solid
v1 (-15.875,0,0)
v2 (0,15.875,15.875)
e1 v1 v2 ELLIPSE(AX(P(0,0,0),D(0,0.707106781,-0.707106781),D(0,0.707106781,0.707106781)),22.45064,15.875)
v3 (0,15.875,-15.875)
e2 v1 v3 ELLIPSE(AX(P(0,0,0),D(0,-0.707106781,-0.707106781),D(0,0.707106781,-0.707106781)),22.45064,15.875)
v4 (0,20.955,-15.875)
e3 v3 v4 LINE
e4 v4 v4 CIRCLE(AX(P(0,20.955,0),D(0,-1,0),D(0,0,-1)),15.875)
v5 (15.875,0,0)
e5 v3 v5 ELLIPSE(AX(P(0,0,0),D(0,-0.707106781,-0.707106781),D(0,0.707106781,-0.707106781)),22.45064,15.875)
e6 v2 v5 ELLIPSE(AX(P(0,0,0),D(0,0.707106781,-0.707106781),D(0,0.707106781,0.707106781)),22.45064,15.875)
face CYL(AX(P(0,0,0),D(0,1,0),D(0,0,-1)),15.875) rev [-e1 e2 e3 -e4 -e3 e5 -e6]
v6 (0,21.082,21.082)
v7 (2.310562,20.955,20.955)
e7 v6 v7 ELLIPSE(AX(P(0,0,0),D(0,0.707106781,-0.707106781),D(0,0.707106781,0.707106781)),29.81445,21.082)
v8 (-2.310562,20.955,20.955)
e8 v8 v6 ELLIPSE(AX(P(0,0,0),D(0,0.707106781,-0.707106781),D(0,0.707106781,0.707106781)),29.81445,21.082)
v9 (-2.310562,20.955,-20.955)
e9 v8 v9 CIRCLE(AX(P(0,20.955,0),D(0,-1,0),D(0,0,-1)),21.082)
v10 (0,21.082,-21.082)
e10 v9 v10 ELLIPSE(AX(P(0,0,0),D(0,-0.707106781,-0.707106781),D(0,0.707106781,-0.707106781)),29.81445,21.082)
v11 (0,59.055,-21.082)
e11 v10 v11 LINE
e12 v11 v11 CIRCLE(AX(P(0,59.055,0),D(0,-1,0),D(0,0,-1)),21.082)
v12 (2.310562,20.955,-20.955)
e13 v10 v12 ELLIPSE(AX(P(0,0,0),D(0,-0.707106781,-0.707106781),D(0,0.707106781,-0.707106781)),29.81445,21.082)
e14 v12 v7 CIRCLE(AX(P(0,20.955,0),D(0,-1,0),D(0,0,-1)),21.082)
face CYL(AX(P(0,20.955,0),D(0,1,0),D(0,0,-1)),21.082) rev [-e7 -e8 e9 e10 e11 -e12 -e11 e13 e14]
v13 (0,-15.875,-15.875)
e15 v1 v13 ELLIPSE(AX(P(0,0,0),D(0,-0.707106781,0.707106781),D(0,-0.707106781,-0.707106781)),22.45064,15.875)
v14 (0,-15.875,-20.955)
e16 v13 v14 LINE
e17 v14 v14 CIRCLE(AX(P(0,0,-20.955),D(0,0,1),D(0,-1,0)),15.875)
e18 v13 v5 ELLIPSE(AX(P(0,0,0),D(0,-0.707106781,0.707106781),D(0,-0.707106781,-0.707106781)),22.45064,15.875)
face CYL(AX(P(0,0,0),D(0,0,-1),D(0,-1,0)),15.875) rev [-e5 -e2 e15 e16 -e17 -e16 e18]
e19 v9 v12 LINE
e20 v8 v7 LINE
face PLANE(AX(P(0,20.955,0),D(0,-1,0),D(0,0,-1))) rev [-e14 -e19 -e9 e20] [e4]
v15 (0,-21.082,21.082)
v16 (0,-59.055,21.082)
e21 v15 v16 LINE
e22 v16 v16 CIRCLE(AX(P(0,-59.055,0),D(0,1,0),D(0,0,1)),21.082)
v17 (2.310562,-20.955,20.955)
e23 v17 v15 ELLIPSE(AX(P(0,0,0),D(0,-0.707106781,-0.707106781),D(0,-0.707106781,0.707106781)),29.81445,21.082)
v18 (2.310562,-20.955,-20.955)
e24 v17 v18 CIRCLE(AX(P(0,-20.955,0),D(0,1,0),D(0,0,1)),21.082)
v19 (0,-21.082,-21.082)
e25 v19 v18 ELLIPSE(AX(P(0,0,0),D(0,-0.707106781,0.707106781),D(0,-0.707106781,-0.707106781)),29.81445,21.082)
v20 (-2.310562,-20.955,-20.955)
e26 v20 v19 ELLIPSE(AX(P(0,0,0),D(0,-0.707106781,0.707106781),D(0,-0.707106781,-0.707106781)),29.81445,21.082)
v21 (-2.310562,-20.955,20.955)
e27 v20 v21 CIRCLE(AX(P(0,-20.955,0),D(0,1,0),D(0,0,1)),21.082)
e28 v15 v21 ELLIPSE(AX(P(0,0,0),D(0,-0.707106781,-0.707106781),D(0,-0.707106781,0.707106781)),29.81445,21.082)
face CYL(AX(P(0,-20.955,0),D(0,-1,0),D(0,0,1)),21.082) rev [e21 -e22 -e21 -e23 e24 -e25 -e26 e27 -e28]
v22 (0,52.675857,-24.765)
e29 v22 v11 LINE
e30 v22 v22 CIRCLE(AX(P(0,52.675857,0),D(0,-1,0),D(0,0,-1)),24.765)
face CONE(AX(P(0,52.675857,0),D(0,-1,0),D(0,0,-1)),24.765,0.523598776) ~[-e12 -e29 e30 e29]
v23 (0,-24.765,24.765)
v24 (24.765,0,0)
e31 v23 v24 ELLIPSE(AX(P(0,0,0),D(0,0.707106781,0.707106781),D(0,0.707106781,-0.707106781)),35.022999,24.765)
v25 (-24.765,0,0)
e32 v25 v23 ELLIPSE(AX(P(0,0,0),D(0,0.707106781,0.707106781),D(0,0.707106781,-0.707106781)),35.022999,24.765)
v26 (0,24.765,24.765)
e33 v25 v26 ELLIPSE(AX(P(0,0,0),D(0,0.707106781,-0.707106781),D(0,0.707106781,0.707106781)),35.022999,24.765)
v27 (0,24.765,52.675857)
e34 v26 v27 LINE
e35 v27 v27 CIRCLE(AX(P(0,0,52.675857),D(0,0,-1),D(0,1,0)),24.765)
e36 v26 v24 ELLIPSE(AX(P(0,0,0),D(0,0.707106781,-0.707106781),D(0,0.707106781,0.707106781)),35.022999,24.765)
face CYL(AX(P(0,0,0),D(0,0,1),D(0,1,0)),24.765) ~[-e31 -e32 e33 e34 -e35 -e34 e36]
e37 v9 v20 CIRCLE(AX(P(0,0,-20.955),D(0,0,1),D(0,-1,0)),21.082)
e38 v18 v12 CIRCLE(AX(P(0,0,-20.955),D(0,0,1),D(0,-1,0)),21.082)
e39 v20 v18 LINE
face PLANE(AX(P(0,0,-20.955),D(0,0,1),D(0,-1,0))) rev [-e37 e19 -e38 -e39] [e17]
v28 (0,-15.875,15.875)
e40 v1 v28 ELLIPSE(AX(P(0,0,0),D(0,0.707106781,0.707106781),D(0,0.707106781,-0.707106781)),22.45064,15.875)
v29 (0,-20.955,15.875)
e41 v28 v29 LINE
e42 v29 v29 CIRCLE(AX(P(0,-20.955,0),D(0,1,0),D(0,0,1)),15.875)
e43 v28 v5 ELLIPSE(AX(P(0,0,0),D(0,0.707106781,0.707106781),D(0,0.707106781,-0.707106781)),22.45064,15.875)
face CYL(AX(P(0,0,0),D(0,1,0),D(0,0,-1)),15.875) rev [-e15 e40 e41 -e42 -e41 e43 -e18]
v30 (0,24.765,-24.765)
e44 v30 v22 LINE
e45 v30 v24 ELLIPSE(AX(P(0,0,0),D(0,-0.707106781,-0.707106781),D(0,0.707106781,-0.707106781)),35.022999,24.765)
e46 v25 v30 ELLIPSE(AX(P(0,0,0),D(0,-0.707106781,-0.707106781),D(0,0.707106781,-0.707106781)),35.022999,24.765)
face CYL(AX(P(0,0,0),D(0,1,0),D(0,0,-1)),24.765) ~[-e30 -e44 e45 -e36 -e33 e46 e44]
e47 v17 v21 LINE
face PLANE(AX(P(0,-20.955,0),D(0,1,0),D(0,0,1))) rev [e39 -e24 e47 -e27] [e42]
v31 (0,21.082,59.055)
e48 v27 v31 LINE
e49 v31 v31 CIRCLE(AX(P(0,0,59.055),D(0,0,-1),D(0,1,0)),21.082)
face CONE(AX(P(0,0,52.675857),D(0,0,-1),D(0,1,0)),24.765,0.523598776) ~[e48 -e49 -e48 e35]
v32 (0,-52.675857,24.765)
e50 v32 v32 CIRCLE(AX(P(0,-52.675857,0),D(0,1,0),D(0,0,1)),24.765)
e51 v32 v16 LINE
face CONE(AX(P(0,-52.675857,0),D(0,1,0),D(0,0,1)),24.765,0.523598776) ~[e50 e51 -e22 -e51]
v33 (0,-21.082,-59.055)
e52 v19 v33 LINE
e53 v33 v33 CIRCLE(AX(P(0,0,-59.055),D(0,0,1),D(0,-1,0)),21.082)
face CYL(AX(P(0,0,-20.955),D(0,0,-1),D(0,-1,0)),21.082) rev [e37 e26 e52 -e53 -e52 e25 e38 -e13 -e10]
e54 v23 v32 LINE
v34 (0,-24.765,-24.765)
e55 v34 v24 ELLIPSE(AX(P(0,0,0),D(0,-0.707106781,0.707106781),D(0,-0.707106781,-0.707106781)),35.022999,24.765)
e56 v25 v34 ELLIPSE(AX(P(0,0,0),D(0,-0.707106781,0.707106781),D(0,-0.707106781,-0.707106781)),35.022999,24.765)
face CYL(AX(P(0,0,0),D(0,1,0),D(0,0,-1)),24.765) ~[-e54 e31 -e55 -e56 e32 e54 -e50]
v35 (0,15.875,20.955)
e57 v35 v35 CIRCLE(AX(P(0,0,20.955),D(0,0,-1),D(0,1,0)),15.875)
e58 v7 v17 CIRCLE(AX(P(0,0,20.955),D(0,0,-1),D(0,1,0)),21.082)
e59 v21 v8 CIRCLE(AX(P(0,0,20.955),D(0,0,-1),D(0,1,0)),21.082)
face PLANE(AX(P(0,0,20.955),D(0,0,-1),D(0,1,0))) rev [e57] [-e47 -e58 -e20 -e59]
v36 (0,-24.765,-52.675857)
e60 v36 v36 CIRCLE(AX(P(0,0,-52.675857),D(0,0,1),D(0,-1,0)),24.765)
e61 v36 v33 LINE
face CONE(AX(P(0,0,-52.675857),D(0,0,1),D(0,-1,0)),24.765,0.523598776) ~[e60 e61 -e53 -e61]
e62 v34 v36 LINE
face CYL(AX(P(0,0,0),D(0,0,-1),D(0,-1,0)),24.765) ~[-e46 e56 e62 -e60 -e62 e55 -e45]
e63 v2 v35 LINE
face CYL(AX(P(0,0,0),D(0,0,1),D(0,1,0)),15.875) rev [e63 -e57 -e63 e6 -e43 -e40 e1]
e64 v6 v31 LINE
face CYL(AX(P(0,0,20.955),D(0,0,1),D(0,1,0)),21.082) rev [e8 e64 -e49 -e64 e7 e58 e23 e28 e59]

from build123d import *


with BuildPart() as f4:
    # F0 (on Right) → F4 (revolve)
    with BuildSketch(Plane.YZ):
        with BuildLine():
            Line((-52.6758568757, 24.765), (-59.055, 21.082))
            Line((-59.055, 21.082), (-20.955, 21.082))
            Line((-20.955, 21.082), (-20.955, 15.875))
            Line((-20.955, 15.875), (0, 15.875))
            ThreePointArc((0, 15.875), (11.2253201513, 11.2253201513), (15.875, 0))
            Line((15.875, 0), (24.765, 0))
            ThreePointArc((24.765, 0), (17.5114994361, 17.5114994361), (0, 24.765))
            Line((0, 24.765), (-52.6758568757, 24.765))
        make_face()
        with BuildLine():
            Line((-20.955, 21.082), (-59.055, 21.082))
            Line((-59.055, 21.082), (-59.055, 0))
            Line((-59.055, 0), (0, 0))
            Line((0, 0), (10.5189766587, 0))
            Line((10.5189766587, 0), (15.875, 0))
            ThreePointArc((15.875, 0), (11.2253201513, 11.2253201513), (0, 15.875))
            Line((0, 15.875), (-20.955, 15.875))
            Line((-20.955, 15.875), (-20.955, 21.082))
        make_face()
    revolve(axis=Axis((0, -21.59, 0), (0, 1, 0)))

    # F1 (on Right) → F5 (revolve)
    with BuildSketch(Plane.YZ):
        with BuildLine():
            Line((-24.765, -52.6758568757), (-21.082, -59.055))
            Line((-21.082, -59.055), (-21.082, -20.955))
            Line((-21.082, -20.955), (-15.875, -20.955))
            Line((-15.875, -20.955), (-15.875, 0))
            ThreePointArc((-15.875, 0), (-11.2253201513, 11.2253201513), (0, 15.875))
            Line((0, 15.875), (0, 24.765))
            ThreePointArc((0, 24.765), (-17.5114994361, 17.5114994361), (-24.765, 0))
            Line((-24.765, 0), (-24.765, -52.6758568757))
        make_face()
        with BuildLine():
            Line((-21.082, -20.955), (-21.082, -59.055))
            Line((-21.082, -59.055), (0, -59.055))
            Line((0, -59.055), (0, 0))
            Line((0, 0), (0, 15.875))
            ThreePointArc((0, 15.875), (-11.2253201513, 11.2253201513), (-15.875, 0))
            Line((-15.875, 0), (-15.875, -20.955))
            Line((-15.875, -20.955), (-21.082, -20.955))
        make_face()
    revolve(axis=Axis((0, 0, -21.59), (0, 0, 1)))

    # F2 (on Right) → F6 (revolve)
    with BuildSketch(Plane.YZ):
        with BuildLine():
            Line((52.6758568757, -24.765), (59.055, -21.082))
            Line((59.055, -21.082), (20.955, -21.082))
            Line((20.955, -21.082), (20.955, -15.875))
            Line((20.955, -15.875), (0, -15.875))
            ThreePointArc((0, -15.875), (-11.2253201513, -11.2253201513), (-15.875, 0))
            Line((-15.875, 0), (-24.765, 0))
            ThreePointArc((-24.765, 0), (-17.5114994361, -17.5114994361), (0, -24.765))
            Line((0, -24.765), (52.6758568757, -24.765))
        make_face()
        with BuildLine():
            Line((20.955, -21.082), (59.055, -21.082))
            Line((59.055, -21.082), (59.055, 0))
            Line((59.055, 0), (10.5189766587, 0))
            Line((10.5189766587, 0), (0, 0))
            Line((0, 0), (-15.875, 0))
            ThreePointArc((-15.875, 0), (-11.2253201513, -11.2253201513), (0, -15.875))
            Line((0, -15.875), (20.955, -15.875))
            Line((20.955, -15.875), (20.955, -21.082))
        make_face()
    revolve(axis=Axis((0, 21.59, 0), (0, -1, 0)))

    # F3 (on Right) → F7 (revolve)
    with BuildSketch(Plane.YZ):
        with BuildLine():
            Line((24.765, 52.6758568757), (21.082, 59.055))
            Line((21.082, 59.055), (21.082, 20.955))
            Line((21.082, 20.955), (15.875, 20.955))
            Line((15.875, 20.955), (15.875, 0))
            ThreePointArc((15.875, 0), (11.2253201513, -11.2253201513), (0, -15.875))
            Line((0, -15.875), (0, -24.765))
            ThreePointArc((0, -24.765), (17.5114994361, -17.5114994361), (24.765, 0))
            Line((24.765, 0), (24.765, 52.6758568757))
        make_face()
        with BuildLine():
            Line((21.082, 20.955), (21.082, 59.055))
            Line((21.082, 59.055), (0, 59.055))
            Line((0, 59.055), (0, 9.2996467855))
            Line((0, 9.2996467855), (0, 0))
            Line((0, 0), (0, -15.875))
            ThreePointArc((0, -15.875), (11.2253201513, -11.2253201513), (15.875, 0))
            Line((15.875, 0), (15.875, 20.955))
            Line((15.875, 20.955), (21.082, 20.955))
        make_face()
    revolve(axis=Axis((0, 0, 21.59), (0, 0, -1)))

    # F0 (on Right) → F8 (revolve, cut)
    with BuildSketch(Plane.YZ):
        with BuildLine():
            Line((-20.955, 21.082), (-59.055, 21.082))
            Line((-59.055, 21.082), (-59.055, 0))
            Line((-59.055, 0), (0, 0))
            Line((0, 0), (10.5189766587, 0))
            Line((10.5189766587, 0), (15.875, 0))
            ThreePointArc((15.875, 0), (11.2253201513, 11.2253201513), (0, 15.875))
            Line((0, 15.875), (-20.955, 15.875))
            Line((-20.955, 15.875), (-20.955, 21.082))
        make_face()
    revolve(axis=Axis((0, -21.59, 0), (0, 1, 0)), mode=Mode.SUBTRACT)

    # F1 (on Right) → F9 (revolve, cut)
    with BuildSketch(Plane.YZ):
        with BuildLine():
            Line((-21.082, -20.955), (-21.082, -59.055))
            Line((-21.082, -59.055), (0, -59.055))
            Line((0, -59.055), (0, 0))
            Line((0, 0), (0, 15.875))
            ThreePointArc((0, 15.875), (-11.2253201513, 11.2253201513), (-15.875, 0))
            Line((-15.875, 0), (-15.875, -20.955))
            Line((-15.875, -20.955), (-21.082, -20.955))
        make_face()
    revolve(axis=Axis((0, 0, -21.59), (0, 0, 1)), mode=Mode.SUBTRACT)

    # F2 (on Right) → F10 (revolve, cut)
    with BuildSketch(Plane.YZ):
        with BuildLine():
            Line((20.955, -21.082), (59.055, -21.082))
            Line((59.055, -21.082), (59.055, 0))
            Line((59.055, 0), (10.5189766587, 0))
            Line((10.5189766587, 0), (0, 0))
            Line((0, 0), (-15.875, 0))
            ThreePointArc((-15.875, 0), (-11.2253201513, -11.2253201513), (0, -15.875))
            Line((0, -15.875), (20.955, -15.875))
            Line((20.955, -15.875), (20.955, -21.082))
        make_face()
    revolve(axis=Axis((0, 21.59, 0), (0, -1, 0)), mode=Mode.SUBTRACT)

    # F3 (on Right) → F11 (revolve, cut)
    with BuildSketch(Plane.YZ):
        with BuildLine():
            Line((21.082, 20.955), (21.082, 59.055))
            Line((21.082, 59.055), (0, 59.055))
            Line((0, 59.055), (0, 9.2996467855))
            Line((0, 9.2996467855), (0, 0))
            Line((0, 0), (0, -15.875))
            ThreePointArc((0, -15.875), (11.2253201513, -11.2253201513), (15.875, 0))
            Line((15.875, 0), (15.875, 20.955))
            Line((15.875, 20.955), (21.082, 20.955))
        make_face()
    revolve(axis=Axis((0, 0, 21.59), (0, 0, -1)), mode=Mode.SUBTRACT)


solid = f4.part
